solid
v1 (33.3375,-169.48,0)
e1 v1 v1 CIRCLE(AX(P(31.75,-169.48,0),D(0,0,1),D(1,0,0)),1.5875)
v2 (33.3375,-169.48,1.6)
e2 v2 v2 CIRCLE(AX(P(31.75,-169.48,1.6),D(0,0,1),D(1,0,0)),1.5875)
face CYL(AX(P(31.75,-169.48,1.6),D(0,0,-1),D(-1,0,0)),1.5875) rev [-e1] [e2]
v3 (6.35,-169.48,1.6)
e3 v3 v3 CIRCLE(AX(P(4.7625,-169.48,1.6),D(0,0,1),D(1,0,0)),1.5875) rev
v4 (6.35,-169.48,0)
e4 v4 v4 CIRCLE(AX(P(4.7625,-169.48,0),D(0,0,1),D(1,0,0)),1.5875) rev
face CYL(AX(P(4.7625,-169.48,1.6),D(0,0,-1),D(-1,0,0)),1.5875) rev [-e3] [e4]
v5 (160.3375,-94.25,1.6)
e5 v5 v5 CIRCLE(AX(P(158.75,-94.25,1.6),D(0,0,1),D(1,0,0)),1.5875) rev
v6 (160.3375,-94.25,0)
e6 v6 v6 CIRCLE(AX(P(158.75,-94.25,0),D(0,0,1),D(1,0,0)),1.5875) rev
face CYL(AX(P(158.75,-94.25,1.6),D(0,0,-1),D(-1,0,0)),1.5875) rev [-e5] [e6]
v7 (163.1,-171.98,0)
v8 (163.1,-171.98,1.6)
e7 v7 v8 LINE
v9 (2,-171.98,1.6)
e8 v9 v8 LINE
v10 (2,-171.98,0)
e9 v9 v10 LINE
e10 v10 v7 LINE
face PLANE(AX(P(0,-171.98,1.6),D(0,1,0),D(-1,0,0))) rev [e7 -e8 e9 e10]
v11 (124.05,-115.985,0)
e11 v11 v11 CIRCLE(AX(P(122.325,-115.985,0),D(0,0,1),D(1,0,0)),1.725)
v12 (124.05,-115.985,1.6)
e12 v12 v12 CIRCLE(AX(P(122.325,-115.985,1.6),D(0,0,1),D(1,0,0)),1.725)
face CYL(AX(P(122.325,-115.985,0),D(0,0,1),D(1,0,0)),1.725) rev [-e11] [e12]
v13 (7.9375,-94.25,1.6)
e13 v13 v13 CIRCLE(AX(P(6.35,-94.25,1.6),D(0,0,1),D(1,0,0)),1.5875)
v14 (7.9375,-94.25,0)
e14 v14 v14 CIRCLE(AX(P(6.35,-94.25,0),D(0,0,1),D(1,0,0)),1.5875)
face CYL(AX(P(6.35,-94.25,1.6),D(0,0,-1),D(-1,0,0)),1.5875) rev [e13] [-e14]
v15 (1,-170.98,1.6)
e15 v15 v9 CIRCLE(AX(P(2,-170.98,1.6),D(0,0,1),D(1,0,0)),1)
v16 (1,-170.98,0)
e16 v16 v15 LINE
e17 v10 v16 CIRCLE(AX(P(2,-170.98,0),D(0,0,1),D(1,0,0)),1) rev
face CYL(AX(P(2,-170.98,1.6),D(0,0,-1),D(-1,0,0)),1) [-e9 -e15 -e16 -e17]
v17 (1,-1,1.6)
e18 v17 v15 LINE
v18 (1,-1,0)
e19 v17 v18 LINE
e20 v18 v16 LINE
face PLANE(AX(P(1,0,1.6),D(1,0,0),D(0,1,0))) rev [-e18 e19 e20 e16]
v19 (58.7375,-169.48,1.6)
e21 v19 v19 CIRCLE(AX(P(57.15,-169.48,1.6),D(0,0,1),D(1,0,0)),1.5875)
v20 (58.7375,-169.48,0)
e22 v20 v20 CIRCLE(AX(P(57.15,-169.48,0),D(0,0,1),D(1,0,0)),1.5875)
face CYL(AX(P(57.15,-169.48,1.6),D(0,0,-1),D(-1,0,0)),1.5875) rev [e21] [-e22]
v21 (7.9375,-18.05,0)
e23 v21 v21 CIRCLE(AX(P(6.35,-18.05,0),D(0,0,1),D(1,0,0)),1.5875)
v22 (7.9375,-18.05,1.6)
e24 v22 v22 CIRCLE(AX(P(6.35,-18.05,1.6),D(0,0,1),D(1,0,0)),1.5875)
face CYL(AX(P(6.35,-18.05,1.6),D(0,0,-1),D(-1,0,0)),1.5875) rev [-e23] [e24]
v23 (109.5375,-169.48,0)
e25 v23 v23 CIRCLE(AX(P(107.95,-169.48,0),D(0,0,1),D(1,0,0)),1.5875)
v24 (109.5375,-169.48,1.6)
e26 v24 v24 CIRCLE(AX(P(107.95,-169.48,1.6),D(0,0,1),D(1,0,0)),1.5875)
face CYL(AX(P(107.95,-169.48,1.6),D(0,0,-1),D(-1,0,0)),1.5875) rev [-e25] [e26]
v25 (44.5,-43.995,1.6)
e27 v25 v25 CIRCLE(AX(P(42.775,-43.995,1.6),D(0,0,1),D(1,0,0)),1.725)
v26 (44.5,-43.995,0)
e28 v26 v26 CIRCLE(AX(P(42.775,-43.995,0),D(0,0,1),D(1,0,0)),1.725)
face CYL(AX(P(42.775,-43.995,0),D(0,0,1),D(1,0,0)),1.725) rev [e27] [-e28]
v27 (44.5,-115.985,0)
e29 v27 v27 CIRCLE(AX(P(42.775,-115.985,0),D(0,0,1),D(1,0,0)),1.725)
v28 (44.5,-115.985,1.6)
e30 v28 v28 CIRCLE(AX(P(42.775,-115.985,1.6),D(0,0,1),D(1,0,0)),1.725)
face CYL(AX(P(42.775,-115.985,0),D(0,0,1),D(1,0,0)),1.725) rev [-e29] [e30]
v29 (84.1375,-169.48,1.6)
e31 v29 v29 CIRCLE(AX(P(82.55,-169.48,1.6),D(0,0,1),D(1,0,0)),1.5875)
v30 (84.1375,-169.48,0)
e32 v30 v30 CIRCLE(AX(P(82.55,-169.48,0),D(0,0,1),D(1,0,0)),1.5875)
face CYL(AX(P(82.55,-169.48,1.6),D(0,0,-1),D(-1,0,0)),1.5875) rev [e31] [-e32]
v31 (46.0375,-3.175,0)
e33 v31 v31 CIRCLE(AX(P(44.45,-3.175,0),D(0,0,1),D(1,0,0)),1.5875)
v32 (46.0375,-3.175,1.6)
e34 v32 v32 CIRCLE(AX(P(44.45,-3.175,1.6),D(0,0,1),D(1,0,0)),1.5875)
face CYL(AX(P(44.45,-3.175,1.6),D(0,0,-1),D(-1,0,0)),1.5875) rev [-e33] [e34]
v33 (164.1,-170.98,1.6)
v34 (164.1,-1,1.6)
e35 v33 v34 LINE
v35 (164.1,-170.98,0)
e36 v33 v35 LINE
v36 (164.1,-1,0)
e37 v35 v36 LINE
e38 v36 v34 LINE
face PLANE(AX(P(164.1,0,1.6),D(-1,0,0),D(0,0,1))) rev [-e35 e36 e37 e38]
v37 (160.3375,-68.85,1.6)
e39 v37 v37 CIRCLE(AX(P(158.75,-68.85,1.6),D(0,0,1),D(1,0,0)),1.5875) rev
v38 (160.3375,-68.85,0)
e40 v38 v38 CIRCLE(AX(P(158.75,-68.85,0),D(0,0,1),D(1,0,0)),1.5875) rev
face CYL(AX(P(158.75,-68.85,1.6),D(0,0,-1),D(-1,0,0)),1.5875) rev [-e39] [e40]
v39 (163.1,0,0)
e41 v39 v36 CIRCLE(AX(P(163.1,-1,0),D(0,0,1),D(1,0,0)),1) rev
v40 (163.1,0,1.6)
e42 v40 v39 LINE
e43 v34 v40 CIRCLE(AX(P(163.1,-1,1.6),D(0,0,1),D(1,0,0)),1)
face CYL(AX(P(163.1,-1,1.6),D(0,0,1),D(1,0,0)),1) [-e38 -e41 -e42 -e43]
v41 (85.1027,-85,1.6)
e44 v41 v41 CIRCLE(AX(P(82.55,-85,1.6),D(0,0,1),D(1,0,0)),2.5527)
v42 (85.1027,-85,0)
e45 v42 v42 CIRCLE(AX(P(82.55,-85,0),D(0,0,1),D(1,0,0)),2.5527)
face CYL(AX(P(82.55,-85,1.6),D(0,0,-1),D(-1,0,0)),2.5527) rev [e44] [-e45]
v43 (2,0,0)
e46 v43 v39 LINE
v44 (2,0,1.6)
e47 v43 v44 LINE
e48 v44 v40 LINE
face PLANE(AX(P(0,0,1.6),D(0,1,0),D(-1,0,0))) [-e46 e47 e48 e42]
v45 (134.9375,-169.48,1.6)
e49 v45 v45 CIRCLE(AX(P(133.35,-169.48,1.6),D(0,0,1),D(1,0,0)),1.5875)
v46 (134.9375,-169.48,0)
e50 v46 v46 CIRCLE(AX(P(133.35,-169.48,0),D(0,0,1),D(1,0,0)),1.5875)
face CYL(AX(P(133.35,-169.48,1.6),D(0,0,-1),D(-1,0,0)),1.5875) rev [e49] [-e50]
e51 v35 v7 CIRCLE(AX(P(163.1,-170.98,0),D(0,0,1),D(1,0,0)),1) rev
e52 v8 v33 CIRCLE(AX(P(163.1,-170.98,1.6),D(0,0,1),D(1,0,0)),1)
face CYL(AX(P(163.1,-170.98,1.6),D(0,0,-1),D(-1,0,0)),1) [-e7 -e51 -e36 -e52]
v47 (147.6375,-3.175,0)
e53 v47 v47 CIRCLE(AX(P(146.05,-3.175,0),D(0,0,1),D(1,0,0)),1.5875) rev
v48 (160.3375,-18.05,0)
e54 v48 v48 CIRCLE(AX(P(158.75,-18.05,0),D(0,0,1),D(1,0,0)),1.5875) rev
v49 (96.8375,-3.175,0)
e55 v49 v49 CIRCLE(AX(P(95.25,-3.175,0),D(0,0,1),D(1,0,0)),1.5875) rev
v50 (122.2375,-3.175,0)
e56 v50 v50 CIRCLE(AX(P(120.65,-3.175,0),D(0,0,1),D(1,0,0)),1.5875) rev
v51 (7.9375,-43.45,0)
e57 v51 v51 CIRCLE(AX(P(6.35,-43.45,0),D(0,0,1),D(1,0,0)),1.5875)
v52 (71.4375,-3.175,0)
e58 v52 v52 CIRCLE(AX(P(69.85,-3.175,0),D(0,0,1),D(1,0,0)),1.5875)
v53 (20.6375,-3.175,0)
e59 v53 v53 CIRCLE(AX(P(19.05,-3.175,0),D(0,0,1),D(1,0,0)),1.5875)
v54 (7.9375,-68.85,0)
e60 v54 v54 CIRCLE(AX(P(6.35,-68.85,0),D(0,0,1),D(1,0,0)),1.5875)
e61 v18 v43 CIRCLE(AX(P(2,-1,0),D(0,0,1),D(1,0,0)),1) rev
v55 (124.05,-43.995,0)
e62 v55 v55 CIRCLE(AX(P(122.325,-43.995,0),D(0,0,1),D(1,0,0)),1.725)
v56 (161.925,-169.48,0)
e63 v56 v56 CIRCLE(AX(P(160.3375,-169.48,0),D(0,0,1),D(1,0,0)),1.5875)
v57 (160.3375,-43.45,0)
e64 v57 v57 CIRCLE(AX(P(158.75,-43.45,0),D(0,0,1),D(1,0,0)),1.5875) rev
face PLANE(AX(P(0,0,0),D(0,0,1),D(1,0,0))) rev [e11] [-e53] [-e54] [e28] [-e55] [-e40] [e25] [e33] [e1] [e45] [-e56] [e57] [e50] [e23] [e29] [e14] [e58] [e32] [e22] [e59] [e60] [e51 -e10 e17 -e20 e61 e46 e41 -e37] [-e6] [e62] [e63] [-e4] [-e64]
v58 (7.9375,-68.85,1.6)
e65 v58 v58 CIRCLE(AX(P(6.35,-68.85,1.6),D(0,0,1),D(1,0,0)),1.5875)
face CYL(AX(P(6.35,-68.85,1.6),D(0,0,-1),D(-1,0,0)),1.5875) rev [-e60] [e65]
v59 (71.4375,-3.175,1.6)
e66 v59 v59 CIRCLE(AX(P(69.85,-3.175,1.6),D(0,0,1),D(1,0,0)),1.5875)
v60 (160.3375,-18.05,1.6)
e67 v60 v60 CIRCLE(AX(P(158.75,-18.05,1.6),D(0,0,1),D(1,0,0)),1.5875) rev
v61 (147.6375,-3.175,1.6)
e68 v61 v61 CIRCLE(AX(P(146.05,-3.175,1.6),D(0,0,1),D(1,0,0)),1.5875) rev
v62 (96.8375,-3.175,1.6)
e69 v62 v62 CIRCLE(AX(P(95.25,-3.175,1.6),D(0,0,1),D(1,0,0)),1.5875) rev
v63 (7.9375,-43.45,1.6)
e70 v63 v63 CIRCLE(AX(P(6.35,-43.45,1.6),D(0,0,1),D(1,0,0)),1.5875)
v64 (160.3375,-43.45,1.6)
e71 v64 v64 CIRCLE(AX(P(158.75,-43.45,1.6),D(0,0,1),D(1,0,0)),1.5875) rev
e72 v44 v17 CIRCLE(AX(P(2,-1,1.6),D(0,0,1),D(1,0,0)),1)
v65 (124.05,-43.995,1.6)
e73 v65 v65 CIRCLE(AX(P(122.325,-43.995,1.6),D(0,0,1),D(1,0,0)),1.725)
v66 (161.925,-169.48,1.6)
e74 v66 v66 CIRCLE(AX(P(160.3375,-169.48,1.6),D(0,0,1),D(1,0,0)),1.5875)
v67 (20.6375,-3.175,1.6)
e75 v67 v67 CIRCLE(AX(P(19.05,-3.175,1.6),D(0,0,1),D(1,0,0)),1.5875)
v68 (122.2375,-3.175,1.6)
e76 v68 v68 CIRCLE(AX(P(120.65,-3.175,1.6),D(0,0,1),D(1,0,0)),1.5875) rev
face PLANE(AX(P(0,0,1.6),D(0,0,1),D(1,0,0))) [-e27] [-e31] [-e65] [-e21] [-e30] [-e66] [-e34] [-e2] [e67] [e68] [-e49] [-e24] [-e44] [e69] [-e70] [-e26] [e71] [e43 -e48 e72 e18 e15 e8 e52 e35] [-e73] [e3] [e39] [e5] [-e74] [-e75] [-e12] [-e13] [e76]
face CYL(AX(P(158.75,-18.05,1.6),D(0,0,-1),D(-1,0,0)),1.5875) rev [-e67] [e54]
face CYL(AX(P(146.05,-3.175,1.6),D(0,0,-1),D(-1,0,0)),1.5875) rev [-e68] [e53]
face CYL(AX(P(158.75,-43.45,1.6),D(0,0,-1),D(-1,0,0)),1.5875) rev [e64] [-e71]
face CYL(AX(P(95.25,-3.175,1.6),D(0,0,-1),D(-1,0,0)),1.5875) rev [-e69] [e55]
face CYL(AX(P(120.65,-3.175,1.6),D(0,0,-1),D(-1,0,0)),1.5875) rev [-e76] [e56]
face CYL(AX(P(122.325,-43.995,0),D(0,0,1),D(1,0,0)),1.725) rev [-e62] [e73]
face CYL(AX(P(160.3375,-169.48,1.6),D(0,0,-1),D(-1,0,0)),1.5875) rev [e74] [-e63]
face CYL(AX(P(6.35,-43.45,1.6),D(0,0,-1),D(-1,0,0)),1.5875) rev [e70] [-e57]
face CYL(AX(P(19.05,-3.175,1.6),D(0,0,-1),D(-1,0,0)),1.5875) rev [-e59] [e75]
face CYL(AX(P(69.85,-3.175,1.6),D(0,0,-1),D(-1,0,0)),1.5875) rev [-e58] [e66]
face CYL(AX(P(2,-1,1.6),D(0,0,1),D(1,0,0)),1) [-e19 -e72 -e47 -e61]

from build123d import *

# Parameters (mm, degrees)
SKETCH2_W               = 163.1
SKETCH2_H               = 171.98
SKETCH2_R               = 2.5527
SKETCH2_R_2             = 1.5875
BOSS_EXTRUDE2_DEPTH     = 1.6
FILLET1_R               = 1
CUT_EXTRUDE1_DEPTH      = 238.7151455
CUT_EXTRUDE1_DEPTH_BACK = 238.7151455
SKETCH5_R               = 1.725


with BuildPart() as part:
    # Sketch2 → Boss-Extrude2 (new body)
    with BuildSketch(Plane.XY):
        with Locations((82.55, -85.99)):
            Rectangle(SKETCH2_W, SKETCH2_H)
        with Locations((82.55, -85)):
            Circle(SKETCH2_R, mode=Mode.SUBTRACT)
        with Locations((82.55, -169.48)):
            Circle(SKETCH2_R_2, mode=Mode.SUBTRACT)
        with Locations((4.7625, -169.48)):
            Circle(SKETCH2_R_2, mode=Mode.SUBTRACT)
        with Locations((31.75, -169.48)):
            Circle(SKETCH2_R_2, mode=Mode.SUBTRACT)
        with Locations((57.15, -169.48)):
            Circle(SKETCH2_R_2, mode=Mode.SUBTRACT)
        with Locations((6.35, -94.25)):
            Circle(SKETCH2_R_2, mode=Mode.SUBTRACT)
        with Locations((6.35, -68.85)):
            Circle(SKETCH2_R_2, mode=Mode.SUBTRACT)
        with Locations((6.35, -43.45)):
            Circle(SKETCH2_R_2, mode=Mode.SUBTRACT)
        with Locations((6.35, -18.05)):
            Circle(SKETCH2_R_2, mode=Mode.SUBTRACT)
        with Locations((19.05, -3.175)):
            Circle(SKETCH2_R_2, mode=Mode.SUBTRACT)
        with Locations((44.45, -3.175)):
            Circle(SKETCH2_R_2, mode=Mode.SUBTRACT)
        with Locations((69.85, -3.175)):
            Circle(SKETCH2_R_2, mode=Mode.SUBTRACT)
        with Locations((158.75, -43.45)):
            Circle(SKETCH2_R_2, mode=Mode.SUBTRACT)
        with Locations((158.75, -18.05)):
            Circle(SKETCH2_R_2, mode=Mode.SUBTRACT)
        with Locations((146.05, -3.175)):
            Circle(SKETCH2_R_2, mode=Mode.SUBTRACT)
        with Locations((107.95, -169.48)):
            Circle(SKETCH2_R_2, mode=Mode.SUBTRACT)
        with Locations((133.35, -169.48)):
            Circle(SKETCH2_R_2, mode=Mode.SUBTRACT)
        with Locations((160.3375, -169.48)):
            Circle(SKETCH2_R_2, mode=Mode.SUBTRACT)
        with Locations((158.75, -94.25)):
            Circle(SKETCH2_R_2, mode=Mode.SUBTRACT)
        with Locations((158.75, -68.85)):
            Circle(SKETCH2_R_2, mode=Mode.SUBTRACT)
        with Locations((95.25, -3.175)):
            Circle(SKETCH2_R_2, mode=Mode.SUBTRACT)
        with Locations((120.65, -3.175)):
            Circle(SKETCH2_R_2, mode=Mode.SUBTRACT)
    extrude(amount=BOSS_EXTRUDE2_DEPTH)

    # Fillet1
    fillet1_edges = [part.edges().sort_by_distance(p)[0] for p in [
        (1, -171.98, 0.8),
        (1, 0, 0.8),
        (164.1, 0, 0.8),
        (164.1, -171.98, 0.8),
    ]]
    fillet(fillet1_edges, radius=FILLET1_R)

    # Sketch5 → Cut-Extrude1 (cut, two sides: drawn at the far end of the back side and taken through both)
    with BuildSketch(Plane.XY.offset(1.6).offset(-CUT_EXTRUDE1_DEPTH_BACK)):
        with Locations((42.775, -43.995)):
            Circle(SKETCH5_R)
        with Locations((122.325, -43.995)):
            Circle(SKETCH5_R)
        with Locations((122.325, -115.985)):
            Circle(SKETCH5_R)
        with Locations((42.775, -115.985)):
            Circle(SKETCH5_R)
    extrude(amount=CUT_EXTRUDE1_DEPTH + CUT_EXTRUDE1_DEPTH_BACK, mode=Mode.SUBTRACT)


solid = part.part
